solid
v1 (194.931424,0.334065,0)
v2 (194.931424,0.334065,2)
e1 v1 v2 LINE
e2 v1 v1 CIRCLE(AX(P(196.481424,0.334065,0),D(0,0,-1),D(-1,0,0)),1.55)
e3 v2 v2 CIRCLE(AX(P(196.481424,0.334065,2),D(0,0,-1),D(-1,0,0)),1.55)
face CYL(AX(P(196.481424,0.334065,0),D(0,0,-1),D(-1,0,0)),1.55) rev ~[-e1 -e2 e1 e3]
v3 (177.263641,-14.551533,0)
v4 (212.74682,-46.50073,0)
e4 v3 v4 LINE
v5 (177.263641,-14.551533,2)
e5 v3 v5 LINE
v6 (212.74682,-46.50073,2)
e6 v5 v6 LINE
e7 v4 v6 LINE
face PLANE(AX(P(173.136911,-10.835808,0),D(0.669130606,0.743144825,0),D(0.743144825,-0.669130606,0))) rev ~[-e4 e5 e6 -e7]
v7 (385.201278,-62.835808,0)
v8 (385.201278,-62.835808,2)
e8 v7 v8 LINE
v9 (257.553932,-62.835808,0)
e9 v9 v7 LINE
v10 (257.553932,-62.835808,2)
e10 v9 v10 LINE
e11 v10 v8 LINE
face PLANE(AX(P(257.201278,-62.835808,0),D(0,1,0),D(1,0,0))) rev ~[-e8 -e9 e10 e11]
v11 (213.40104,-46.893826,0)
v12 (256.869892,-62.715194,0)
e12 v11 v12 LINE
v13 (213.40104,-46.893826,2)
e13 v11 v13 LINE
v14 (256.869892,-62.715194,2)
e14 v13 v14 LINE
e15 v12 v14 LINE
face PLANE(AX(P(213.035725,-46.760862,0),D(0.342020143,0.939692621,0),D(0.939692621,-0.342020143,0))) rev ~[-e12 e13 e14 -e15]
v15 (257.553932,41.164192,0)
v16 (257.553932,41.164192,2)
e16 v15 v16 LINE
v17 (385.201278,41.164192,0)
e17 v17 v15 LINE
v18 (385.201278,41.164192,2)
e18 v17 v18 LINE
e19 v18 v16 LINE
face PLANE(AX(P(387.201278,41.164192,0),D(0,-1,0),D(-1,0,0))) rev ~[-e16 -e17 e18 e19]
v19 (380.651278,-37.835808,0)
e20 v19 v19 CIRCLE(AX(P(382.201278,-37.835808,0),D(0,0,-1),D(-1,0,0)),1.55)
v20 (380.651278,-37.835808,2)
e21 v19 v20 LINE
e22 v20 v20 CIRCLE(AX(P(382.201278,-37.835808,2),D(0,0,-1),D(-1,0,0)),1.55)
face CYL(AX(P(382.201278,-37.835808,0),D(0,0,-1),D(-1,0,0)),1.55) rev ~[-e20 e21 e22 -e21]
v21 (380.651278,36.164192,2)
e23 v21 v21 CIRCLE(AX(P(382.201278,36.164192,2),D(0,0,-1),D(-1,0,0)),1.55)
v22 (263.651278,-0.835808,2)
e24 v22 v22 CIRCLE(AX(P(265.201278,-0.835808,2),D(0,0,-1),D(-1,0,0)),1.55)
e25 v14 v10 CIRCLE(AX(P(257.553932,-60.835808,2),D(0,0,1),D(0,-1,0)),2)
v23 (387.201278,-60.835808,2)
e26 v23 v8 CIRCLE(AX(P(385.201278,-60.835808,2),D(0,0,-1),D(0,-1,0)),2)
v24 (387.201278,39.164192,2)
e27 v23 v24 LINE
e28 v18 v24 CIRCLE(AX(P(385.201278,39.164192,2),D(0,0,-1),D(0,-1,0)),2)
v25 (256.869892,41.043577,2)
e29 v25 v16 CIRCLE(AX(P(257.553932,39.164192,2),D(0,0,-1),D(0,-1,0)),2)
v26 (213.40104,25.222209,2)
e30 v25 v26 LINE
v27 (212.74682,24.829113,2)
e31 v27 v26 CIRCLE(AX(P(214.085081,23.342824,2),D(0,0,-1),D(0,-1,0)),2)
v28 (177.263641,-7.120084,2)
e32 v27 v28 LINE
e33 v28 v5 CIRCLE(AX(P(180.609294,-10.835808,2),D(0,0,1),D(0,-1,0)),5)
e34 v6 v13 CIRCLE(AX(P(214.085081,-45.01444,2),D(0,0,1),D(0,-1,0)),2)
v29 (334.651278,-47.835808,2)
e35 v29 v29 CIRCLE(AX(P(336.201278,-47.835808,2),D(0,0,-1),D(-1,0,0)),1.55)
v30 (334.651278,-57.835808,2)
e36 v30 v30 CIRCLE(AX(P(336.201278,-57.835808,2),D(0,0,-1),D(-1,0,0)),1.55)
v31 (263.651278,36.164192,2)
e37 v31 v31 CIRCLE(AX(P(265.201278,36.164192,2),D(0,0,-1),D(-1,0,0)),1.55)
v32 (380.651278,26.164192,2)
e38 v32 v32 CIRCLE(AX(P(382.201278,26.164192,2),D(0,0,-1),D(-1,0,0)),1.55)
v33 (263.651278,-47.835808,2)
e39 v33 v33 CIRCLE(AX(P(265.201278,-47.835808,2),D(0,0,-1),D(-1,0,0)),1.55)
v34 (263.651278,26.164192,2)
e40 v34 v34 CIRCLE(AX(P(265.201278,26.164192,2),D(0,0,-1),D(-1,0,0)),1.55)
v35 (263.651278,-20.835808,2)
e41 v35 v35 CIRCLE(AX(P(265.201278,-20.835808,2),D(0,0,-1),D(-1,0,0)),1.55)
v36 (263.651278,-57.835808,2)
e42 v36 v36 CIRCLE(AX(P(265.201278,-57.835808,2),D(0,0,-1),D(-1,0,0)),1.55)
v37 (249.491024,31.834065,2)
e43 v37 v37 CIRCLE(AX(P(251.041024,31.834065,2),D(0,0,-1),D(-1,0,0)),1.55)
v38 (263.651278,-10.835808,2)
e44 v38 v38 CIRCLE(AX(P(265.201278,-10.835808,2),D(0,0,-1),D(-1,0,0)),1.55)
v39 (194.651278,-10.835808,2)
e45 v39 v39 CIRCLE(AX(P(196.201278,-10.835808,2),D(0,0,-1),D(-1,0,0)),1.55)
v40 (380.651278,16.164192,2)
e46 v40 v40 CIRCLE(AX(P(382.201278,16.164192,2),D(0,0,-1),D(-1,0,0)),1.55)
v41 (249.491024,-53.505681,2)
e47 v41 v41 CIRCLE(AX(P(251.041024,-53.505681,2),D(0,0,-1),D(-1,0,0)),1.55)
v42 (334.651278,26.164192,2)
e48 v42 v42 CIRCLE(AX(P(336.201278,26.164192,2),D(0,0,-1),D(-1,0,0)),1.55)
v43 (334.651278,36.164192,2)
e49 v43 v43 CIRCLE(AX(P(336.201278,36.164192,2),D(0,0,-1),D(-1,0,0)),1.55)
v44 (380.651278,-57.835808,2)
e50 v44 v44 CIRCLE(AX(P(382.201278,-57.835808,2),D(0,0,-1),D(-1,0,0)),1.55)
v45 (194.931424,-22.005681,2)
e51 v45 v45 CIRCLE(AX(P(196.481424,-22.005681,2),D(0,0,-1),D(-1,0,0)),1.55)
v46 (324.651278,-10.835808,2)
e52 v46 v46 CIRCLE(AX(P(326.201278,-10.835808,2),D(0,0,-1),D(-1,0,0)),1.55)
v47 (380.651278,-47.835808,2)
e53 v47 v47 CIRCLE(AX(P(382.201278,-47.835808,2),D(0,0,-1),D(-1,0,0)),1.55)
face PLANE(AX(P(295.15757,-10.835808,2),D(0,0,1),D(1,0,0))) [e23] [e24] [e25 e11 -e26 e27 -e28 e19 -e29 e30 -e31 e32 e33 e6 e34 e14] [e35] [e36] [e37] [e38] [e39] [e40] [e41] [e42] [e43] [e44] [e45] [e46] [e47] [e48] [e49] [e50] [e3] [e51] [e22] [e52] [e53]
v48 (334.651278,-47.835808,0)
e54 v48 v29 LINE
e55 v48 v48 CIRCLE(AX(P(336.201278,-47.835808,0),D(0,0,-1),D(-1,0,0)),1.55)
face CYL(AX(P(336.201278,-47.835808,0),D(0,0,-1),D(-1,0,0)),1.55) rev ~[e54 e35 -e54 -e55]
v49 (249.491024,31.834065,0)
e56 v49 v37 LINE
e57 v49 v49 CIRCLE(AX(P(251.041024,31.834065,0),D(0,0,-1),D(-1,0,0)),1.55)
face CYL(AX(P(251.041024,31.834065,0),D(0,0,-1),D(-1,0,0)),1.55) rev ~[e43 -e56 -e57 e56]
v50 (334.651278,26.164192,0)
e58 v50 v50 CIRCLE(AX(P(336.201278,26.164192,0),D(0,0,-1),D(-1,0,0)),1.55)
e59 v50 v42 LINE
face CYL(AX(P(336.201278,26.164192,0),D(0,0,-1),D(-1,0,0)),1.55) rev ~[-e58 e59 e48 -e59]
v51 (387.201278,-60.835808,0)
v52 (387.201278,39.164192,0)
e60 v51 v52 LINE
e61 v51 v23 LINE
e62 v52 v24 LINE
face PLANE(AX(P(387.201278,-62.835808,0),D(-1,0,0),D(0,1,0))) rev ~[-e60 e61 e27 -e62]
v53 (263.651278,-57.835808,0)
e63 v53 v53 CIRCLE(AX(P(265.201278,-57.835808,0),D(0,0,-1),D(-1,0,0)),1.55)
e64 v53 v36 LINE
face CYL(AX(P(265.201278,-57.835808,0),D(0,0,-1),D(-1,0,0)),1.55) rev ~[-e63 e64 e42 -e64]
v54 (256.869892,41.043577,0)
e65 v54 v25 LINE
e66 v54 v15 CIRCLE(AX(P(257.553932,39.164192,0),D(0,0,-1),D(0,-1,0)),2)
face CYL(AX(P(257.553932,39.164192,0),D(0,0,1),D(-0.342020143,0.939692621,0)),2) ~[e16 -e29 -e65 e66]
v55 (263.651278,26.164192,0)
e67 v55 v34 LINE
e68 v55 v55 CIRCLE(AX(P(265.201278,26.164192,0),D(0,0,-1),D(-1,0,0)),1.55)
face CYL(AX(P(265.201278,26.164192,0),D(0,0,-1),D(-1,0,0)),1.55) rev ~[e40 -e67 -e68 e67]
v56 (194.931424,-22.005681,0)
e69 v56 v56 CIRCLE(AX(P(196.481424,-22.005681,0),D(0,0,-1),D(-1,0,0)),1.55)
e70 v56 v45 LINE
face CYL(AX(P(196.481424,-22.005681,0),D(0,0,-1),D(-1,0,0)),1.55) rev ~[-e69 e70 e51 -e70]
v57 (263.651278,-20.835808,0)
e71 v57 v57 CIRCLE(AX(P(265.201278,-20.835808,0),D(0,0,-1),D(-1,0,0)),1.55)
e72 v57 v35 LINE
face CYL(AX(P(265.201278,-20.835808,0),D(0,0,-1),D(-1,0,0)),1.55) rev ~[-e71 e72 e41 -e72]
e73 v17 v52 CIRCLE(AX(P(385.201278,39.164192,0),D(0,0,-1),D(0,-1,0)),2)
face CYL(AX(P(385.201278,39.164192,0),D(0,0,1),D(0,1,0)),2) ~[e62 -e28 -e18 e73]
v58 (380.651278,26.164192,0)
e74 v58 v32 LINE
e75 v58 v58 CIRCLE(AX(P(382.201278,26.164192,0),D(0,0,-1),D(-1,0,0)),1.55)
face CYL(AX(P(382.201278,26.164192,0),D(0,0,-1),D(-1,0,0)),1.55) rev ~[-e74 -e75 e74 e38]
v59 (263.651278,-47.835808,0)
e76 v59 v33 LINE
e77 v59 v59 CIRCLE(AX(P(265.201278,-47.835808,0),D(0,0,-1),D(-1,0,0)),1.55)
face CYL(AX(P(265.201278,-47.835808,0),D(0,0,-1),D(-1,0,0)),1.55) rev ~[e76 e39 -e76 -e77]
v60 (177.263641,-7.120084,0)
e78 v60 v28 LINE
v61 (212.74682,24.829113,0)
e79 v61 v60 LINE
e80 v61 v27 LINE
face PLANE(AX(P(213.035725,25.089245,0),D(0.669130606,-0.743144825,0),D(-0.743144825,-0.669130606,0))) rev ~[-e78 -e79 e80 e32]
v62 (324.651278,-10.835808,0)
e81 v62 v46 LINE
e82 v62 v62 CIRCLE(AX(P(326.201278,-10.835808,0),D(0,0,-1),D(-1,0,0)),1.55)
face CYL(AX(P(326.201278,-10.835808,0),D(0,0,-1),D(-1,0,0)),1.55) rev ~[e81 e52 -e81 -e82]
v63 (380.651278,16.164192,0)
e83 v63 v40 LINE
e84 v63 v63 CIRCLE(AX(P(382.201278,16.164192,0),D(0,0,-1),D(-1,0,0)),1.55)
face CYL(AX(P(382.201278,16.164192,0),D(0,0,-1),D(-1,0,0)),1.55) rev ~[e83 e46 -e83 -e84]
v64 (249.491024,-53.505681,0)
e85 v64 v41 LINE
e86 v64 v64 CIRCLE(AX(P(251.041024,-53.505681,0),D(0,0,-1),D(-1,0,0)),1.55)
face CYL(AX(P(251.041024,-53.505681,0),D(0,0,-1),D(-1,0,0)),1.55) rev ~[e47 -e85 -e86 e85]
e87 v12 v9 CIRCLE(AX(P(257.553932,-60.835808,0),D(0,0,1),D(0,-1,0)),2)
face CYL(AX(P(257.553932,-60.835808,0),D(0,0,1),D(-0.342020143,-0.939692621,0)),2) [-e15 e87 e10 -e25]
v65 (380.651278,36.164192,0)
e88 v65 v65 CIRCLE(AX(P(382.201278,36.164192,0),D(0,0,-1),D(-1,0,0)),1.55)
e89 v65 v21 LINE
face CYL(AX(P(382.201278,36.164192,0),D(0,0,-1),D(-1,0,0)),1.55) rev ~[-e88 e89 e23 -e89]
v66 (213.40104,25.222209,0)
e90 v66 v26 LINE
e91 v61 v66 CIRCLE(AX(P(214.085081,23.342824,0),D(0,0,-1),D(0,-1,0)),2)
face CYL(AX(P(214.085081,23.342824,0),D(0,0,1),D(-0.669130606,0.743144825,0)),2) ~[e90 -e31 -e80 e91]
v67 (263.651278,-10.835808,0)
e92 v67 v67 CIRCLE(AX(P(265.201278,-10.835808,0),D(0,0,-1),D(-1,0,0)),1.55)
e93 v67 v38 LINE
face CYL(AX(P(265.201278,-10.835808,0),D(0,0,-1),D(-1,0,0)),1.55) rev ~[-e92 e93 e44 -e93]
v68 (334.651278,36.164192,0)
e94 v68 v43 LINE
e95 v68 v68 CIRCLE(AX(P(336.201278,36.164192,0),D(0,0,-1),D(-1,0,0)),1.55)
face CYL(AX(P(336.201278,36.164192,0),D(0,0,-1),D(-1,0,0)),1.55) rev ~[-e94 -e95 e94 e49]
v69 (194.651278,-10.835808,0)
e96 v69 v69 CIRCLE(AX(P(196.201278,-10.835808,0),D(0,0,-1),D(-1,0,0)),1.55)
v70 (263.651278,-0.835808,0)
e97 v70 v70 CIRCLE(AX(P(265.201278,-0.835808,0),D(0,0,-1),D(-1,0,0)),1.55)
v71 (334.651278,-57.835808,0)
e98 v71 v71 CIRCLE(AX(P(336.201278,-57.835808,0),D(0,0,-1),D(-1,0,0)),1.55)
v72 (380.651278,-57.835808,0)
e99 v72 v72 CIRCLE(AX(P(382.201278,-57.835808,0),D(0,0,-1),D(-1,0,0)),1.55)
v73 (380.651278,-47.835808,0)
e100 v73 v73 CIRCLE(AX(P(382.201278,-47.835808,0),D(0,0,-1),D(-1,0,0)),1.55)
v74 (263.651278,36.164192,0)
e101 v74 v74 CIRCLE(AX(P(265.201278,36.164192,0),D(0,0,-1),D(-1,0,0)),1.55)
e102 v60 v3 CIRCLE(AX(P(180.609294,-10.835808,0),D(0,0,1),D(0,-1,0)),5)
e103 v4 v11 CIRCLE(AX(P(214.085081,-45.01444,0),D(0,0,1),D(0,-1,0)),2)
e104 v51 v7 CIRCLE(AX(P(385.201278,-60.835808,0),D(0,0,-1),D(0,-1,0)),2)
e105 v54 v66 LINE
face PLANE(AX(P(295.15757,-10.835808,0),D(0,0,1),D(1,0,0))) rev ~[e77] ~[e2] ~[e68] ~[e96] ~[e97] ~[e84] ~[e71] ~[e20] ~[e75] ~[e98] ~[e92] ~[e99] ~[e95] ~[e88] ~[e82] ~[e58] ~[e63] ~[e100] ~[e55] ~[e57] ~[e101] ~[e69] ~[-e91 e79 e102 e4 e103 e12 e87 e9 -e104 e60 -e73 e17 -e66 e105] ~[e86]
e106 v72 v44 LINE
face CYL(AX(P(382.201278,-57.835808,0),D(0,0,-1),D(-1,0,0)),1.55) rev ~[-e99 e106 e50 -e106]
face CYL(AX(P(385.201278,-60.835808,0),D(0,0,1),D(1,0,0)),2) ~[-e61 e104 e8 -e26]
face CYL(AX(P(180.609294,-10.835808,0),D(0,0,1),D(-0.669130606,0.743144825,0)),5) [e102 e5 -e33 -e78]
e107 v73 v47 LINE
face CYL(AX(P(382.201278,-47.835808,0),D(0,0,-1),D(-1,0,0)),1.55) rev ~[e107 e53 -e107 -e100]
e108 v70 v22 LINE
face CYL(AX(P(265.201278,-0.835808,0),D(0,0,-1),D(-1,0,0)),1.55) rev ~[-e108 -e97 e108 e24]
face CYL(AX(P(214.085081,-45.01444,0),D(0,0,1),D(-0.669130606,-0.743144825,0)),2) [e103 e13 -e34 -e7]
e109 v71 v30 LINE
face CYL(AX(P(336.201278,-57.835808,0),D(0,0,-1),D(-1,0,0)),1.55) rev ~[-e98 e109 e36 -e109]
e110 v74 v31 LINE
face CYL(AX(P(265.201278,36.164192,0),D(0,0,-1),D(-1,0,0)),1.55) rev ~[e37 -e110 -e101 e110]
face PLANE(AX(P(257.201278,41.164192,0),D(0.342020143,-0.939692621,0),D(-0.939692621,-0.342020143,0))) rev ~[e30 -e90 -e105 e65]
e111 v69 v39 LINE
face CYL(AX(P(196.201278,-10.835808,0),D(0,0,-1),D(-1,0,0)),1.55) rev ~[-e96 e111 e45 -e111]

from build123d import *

# Parameters (mm, degrees)
EXTRUDE_1_DEPTH     = 2
FILLET_1_R          = 5
FILLET_2_R          = 2
SKETCH_2_R          = 1.55
CUT_EXTRUDE_1_DEPTH = 2


with BuildPart() as part:
    # 草图1 → 凸台-拉伸1 (new body)
    with BuildSketch(Plane.XY):
        Polygon((387.201278127, -62.835808376), (387.201278127, 41.164191624), (257.201278127, 41.164191624), (213.03572495, 25.089244888), (173.136911199, -10.835808376), (213.03572495, -46.760861639), (257.201278127, -62.835808376), align=None)
    extrude(amount=EXTRUDE_1_DEPTH)

    # 圆角1
    fillet_1_edges = [part.edges().sort_by_distance(p)[0] for p in [
        (173.136911199, -10.835808376, 1),
    ]]
    fillet(fillet_1_edges, radius=FILLET_1_R)

    # 圆角2
    fillet_2_edges = [part.edges().sort_by_distance(p)[0] for p in [
        (257.201278127, -62.835808376, 1),
        (213.03572495, -46.760861639, 1),
        (213.03572495, 25.089244888, 1),
        (257.201278127, 41.164191624, 1),
        (387.201278127, 41.164191624, 1),
        (387.201278127, -62.835808376, 1),
    ]]
    fillet(fillet_2_edges, radius=FILLET_2_R)

    # 草图2 → 切除-拉伸1 (cut)
    with BuildSketch(Plane(origin=(0, 0, 0), x_dir=(-1, 0, 0), z_dir=(0, 0, -1))):
        with Locations((-265.201278127, 36.164191624)):
            Circle(SKETCH_2_R)
        with Locations((-251.041024089, 31.834064606)):
            Circle(SKETCH_2_R)
        with Locations((-336.201278127, 26.164191624)):
            Circle(SKETCH_2_R)
        with Locations((-265.201278127, 26.164191624)):
            Circle(SKETCH_2_R)
        with Locations((-265.201278127, -0.835808376)):
            Circle(SKETCH_2_R)
        with Locations((-382.201278127, 36.164191624)):
            Circle(SKETCH_2_R)
        with Locations((-382.201278127, 26.164191624)):
            Circle(SKETCH_2_R)
        with Locations((-196.481423651, 0.334064606)):
            Circle(SKETCH_2_R)
        with Locations((-326.201278127, -10.835808376)):
            Circle(SKETCH_2_R)
        with Locations((-196.201278127, -10.835808376)):
            Circle(SKETCH_2_R)
        with Locations((-196.481423651, -22.005681357)):
            Circle(SKETCH_2_R)
        with Locations((-265.201278127, -20.835808376)):
            Circle(SKETCH_2_R)
        with Locations((-265.201278127, -57.835808376)):
            Circle(SKETCH_2_R)
        with Locations((-265.201278127, -47.835808376)):
            Circle(SKETCH_2_R)
        with Locations((-336.201278127, -47.835808376)):
            Circle(SKETCH_2_R)
        with Locations((-382.201278127, -47.835808376)):
            Circle(SKETCH_2_R)
        with Locations((-382.201278127, -57.835808376)):
            Circle(SKETCH_2_R)
        with Locations((-265.201278127, -10.835808376)):
            Circle(SKETCH_2_R)
        with Locations((-336.201278127, 36.164191624)):
            Circle(SKETCH_2_R)
        with Locations((-336.201278127, -57.835808376)):
            Circle(SKETCH_2_R)
        with Locations((-251.041024089, -53.505681357)):
            Circle(SKETCH_2_R)
        with Locations((-382.201278127, 16.164191624)):
            Circle(SKETCH_2_R)
        with Locations((-382.201278127, -37.835808376)):
            Circle(SKETCH_2_R)
    extrude(amount=-CUT_EXTRUDE_1_DEPTH, mode=Mode.SUBTRACT)


solid = part.part
